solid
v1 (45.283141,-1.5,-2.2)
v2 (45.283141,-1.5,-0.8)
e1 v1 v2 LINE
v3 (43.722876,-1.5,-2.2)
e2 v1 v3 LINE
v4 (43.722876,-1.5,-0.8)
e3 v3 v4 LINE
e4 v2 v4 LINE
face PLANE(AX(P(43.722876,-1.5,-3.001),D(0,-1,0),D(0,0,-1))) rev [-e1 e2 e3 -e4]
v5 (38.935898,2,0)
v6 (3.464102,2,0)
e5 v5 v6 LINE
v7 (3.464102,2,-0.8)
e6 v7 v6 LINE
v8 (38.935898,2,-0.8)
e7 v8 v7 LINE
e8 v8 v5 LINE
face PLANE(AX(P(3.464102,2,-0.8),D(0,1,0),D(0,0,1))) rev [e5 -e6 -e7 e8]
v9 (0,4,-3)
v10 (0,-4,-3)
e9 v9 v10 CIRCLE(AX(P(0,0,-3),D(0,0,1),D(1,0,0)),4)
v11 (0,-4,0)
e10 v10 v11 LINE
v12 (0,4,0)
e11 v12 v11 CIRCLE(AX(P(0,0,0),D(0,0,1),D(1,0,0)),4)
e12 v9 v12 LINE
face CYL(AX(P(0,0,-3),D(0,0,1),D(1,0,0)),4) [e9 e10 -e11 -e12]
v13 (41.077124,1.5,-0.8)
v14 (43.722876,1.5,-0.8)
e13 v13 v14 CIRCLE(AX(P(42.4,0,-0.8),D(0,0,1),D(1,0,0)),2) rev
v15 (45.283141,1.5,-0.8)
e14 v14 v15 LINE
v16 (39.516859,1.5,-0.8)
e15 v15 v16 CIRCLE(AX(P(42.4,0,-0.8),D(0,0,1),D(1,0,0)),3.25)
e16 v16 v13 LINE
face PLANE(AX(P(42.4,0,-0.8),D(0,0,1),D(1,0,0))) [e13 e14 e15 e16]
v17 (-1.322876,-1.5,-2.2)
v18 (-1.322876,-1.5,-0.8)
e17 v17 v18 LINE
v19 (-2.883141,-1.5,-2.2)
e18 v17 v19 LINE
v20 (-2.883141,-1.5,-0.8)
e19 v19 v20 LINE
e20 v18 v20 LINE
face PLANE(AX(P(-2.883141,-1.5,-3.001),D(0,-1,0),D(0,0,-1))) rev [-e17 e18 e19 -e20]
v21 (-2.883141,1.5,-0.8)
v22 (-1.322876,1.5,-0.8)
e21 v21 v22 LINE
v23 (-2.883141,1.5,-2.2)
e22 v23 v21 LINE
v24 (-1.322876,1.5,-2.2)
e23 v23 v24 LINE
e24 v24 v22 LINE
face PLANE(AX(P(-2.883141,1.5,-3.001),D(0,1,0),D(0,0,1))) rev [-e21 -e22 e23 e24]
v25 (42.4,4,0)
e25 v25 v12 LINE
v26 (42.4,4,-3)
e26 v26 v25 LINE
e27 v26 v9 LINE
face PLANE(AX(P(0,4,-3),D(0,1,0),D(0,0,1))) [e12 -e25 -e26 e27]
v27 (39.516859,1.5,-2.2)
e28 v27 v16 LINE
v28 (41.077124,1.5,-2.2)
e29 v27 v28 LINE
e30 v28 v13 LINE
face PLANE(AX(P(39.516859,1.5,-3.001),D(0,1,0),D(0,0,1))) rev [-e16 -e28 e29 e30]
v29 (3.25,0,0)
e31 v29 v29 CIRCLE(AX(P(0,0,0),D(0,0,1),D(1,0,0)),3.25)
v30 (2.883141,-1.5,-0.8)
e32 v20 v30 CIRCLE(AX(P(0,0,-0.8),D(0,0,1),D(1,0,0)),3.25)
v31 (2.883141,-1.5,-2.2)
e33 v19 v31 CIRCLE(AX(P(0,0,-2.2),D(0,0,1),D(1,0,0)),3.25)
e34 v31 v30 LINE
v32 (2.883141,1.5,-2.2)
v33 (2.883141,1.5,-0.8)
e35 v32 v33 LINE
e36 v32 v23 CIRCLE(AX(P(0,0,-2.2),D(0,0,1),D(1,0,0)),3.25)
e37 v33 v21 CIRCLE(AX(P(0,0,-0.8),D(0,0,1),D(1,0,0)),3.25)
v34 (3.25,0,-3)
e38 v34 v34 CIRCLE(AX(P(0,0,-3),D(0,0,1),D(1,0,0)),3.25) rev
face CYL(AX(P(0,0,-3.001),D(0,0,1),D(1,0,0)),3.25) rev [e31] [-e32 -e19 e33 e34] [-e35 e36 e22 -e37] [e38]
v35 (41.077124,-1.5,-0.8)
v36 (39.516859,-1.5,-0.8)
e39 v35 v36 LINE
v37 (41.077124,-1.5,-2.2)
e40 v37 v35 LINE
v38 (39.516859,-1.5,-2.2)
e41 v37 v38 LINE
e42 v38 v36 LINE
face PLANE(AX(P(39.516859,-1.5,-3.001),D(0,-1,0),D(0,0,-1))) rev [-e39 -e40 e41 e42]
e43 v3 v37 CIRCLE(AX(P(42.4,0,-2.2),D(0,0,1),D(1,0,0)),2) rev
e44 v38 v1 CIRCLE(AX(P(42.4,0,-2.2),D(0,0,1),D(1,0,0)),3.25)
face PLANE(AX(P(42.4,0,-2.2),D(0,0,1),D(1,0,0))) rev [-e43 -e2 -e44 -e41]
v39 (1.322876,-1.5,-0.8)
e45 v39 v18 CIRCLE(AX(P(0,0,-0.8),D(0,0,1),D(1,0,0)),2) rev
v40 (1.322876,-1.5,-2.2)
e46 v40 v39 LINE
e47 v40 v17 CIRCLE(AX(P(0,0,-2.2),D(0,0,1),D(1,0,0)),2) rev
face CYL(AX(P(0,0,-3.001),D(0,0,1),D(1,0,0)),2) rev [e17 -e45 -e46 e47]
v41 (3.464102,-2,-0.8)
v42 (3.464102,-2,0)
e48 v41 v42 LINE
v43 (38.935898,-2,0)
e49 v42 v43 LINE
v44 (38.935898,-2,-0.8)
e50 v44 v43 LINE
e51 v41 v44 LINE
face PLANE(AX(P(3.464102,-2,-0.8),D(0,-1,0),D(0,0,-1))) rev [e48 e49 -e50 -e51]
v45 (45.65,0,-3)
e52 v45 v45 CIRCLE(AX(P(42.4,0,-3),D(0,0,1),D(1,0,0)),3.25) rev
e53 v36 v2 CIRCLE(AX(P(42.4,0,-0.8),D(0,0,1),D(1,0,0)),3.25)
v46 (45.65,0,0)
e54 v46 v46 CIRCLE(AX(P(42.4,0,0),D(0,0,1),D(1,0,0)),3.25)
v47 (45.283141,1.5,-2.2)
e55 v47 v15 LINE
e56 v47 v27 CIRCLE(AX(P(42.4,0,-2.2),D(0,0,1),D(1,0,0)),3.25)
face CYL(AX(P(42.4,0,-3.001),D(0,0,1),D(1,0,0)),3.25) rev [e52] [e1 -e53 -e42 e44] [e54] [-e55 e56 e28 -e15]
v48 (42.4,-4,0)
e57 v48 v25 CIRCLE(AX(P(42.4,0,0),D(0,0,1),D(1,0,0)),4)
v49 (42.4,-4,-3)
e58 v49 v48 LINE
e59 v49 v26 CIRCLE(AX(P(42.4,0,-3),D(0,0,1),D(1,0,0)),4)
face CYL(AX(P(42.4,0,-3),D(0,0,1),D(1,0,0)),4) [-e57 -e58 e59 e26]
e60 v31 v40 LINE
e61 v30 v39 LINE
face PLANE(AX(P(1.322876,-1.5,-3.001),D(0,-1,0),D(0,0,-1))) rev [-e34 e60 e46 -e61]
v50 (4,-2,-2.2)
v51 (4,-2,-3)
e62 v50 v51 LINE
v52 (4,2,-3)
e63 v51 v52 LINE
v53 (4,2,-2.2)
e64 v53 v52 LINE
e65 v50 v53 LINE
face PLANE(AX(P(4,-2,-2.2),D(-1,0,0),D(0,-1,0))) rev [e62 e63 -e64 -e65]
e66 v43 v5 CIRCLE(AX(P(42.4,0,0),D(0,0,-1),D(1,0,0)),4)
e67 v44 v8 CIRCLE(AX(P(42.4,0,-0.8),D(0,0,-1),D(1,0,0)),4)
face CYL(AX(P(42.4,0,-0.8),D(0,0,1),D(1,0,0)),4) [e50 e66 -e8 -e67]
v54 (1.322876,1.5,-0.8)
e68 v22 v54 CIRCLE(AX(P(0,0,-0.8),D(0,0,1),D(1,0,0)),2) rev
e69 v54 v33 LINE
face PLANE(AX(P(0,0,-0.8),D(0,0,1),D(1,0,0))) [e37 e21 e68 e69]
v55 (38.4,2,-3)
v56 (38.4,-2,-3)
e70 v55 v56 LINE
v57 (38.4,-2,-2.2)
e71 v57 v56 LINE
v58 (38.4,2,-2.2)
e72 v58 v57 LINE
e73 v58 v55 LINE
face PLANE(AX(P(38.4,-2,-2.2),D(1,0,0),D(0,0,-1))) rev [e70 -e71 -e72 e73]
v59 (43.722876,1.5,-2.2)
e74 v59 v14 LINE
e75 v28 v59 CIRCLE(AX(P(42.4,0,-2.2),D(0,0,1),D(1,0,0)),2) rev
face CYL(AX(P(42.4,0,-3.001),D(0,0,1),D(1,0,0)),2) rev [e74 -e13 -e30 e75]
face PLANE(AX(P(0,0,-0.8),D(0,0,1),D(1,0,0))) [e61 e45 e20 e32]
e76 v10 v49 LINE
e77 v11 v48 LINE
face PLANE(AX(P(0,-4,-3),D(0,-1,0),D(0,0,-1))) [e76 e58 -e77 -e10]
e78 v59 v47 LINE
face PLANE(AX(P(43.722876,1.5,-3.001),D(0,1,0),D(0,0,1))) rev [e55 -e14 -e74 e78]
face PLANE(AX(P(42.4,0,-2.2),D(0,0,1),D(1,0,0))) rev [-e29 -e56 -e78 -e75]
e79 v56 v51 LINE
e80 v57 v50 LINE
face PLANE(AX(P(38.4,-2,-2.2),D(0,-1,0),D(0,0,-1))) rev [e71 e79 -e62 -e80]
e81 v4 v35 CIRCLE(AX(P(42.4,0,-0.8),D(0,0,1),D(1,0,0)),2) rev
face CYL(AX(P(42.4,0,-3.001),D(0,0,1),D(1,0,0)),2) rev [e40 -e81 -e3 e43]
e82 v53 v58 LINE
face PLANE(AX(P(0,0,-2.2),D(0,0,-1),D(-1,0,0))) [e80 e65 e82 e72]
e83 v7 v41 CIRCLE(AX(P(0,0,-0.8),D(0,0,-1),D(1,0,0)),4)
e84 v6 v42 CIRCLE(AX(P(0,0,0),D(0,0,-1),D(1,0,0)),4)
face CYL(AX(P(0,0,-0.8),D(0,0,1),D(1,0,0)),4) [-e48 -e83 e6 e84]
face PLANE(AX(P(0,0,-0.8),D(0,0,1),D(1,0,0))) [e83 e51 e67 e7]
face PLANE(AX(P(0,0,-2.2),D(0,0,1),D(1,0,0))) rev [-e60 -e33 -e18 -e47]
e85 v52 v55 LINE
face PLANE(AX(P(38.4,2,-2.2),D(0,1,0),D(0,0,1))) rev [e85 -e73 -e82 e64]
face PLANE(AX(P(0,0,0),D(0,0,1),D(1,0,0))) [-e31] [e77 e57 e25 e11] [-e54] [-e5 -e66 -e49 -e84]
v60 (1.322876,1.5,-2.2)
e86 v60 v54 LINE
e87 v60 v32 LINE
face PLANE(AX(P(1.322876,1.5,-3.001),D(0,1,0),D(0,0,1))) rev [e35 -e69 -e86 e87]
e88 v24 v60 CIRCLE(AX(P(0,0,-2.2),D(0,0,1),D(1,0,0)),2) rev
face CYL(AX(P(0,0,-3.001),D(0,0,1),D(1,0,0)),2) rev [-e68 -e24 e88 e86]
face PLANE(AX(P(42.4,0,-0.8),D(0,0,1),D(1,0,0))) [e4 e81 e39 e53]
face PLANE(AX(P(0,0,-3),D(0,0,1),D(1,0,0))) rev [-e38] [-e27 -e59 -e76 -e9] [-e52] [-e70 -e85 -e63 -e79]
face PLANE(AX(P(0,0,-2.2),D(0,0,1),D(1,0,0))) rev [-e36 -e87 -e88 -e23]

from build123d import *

# Parameters (mm, degrees)
EXTRUDE_1_DEPTH        = 3
CUT_EXTRUDE_1_REACH    = 48.669
SKETCH_3_R             = 3.25
CUT_EXTRUDE_2_DEPTH    = 0.8
CUT_EXTRUDE_START      = -2.2
SKETCH_3_2_R           = 3.25
CUT_EXTRUDE_3_DEPTH    = 0.8
PATTERN_LINEAR_1_COUNT = 2
PATTERN_LINEAR_1_PITCH = 42.4
CUT_EXTRUDE_4_DEPTH    = 0.8
SKETCH_5_W             = 34.4
SKETCH_5_H             = 4
CUT_EXTRUDE_5_DEPTH    = 0.8


with BuildPart() as part:
    # 草图1 → 凸台-拉伸1 (new body)
    with BuildSketch(Plane.XY):
        with BuildLine():
            Line((0, 4), (42.4, 4))
            ThreePointArc((42.4, 4), (46.4, 0), (42.4, -4))
            Line((42.4, -4), (0, -4))
            ThreePointArc((0, -4), (-4, 0), (0, 4))
        make_face()
    extrude(amount=-EXTRUDE_1_DEPTH)

    # 草图2 → 切除-拉伸1 (cut, up to next)
    with BuildSketch(Plane.XY, mode=Mode.PRIVATE) as cut_extrude_1_sk1:
        with BuildLine():
            Line((1.322875656, -1.5), (2.883140649, -1.5))
            ThreePointArc((2.883140649, -1.5), (3.25, 0), (2.883140649, 1.5))
            Line((2.883140649, 1.5), (1.322875656, 1.5))
            ThreePointArc((1.322875656, 1.5), (0, 2), (-1.322875656, 1.5))
            Line((-1.322875656, 1.5), (-2.883140649, 1.5))
            ThreePointArc((-2.883140649, 1.5), (-3.25, 0), (-2.883140649, -1.5))
            Line((-2.883140649, -1.5), (-1.322875656, -1.5))
            ThreePointArc((-1.322875656, -1.5), (0, -2), (1.322875656, -1.5))
        make_face()
    cut_extrude_1_tool1 = extrude(cut_extrude_1_sk1.sketch, amount=-CUT_EXTRUDE_1_REACH, mode=Mode.PRIVATE) & part.part
    cut_extrude_1 = cut_extrude_1_tool1.solids().sort_by_distance((0, 0, 0))[0]
    add(cut_extrude_1, mode=Mode.SUBTRACT)

    # 草图3 → 切除-拉伸2 (cut)
    with BuildSketch(Plane.XY):
        Circle(SKETCH_3_R)
    cut_extrude_2 = extrude(amount=-CUT_EXTRUDE_2_DEPTH, mode=Mode.SUBTRACT)

    # 草图3<2> → 切除-拉伸3 (cut)
    with BuildSketch(Plane.XY.offset(CUT_EXTRUDE_START)):
        Circle(SKETCH_3_2_R)
    cut_extrude_3 = extrude(amount=-CUT_EXTRUDE_3_DEPTH, mode=Mode.SUBTRACT)

    # 阵列(线性)1: 切除-拉伸1, 切除-拉伸2, 切除-拉伸3 ×2
    with Locations(*[(i * PATTERN_LINEAR_1_PITCH, 0, 0) for i in range(1, PATTERN_LINEAR_1_COUNT)]):
        add(cut_extrude_1, mode=Mode.SUBTRACT)
        add(cut_extrude_2, mode=Mode.SUBTRACT)
        add(cut_extrude_3, mode=Mode.SUBTRACT)

    # 草图4 → 切除-拉伸4 (cut)
    with BuildSketch(Plane.XY):
        with BuildLine():
            Line((3.464101615, -2), (38.935898385, -2))
            ThreePointArc((38.935898385, -2), (38.4, 0), (38.935898385, 2))
            Line((38.935898385, 2), (3.464101615, 2))
            ThreePointArc((3.464101615, 2), (4, 0), (3.464101615, -2))
        make_face()
    extrude(amount=-CUT_EXTRUDE_4_DEPTH, mode=Mode.SUBTRACT)

    # 草图5 → 切除-拉伸5 (cut)
    with BuildSketch(Plane(origin=(0, 0, -3), x_dir=(-1, 0, 0), z_dir=(0, 0, -1))):
        with Locations((-21.2, 0)):
            Rectangle(SKETCH_5_W, SKETCH_5_H)
    extrude(amount=-CUT_EXTRUDE_5_DEPTH, mode=Mode.SUBTRACT)


solid = part.part
